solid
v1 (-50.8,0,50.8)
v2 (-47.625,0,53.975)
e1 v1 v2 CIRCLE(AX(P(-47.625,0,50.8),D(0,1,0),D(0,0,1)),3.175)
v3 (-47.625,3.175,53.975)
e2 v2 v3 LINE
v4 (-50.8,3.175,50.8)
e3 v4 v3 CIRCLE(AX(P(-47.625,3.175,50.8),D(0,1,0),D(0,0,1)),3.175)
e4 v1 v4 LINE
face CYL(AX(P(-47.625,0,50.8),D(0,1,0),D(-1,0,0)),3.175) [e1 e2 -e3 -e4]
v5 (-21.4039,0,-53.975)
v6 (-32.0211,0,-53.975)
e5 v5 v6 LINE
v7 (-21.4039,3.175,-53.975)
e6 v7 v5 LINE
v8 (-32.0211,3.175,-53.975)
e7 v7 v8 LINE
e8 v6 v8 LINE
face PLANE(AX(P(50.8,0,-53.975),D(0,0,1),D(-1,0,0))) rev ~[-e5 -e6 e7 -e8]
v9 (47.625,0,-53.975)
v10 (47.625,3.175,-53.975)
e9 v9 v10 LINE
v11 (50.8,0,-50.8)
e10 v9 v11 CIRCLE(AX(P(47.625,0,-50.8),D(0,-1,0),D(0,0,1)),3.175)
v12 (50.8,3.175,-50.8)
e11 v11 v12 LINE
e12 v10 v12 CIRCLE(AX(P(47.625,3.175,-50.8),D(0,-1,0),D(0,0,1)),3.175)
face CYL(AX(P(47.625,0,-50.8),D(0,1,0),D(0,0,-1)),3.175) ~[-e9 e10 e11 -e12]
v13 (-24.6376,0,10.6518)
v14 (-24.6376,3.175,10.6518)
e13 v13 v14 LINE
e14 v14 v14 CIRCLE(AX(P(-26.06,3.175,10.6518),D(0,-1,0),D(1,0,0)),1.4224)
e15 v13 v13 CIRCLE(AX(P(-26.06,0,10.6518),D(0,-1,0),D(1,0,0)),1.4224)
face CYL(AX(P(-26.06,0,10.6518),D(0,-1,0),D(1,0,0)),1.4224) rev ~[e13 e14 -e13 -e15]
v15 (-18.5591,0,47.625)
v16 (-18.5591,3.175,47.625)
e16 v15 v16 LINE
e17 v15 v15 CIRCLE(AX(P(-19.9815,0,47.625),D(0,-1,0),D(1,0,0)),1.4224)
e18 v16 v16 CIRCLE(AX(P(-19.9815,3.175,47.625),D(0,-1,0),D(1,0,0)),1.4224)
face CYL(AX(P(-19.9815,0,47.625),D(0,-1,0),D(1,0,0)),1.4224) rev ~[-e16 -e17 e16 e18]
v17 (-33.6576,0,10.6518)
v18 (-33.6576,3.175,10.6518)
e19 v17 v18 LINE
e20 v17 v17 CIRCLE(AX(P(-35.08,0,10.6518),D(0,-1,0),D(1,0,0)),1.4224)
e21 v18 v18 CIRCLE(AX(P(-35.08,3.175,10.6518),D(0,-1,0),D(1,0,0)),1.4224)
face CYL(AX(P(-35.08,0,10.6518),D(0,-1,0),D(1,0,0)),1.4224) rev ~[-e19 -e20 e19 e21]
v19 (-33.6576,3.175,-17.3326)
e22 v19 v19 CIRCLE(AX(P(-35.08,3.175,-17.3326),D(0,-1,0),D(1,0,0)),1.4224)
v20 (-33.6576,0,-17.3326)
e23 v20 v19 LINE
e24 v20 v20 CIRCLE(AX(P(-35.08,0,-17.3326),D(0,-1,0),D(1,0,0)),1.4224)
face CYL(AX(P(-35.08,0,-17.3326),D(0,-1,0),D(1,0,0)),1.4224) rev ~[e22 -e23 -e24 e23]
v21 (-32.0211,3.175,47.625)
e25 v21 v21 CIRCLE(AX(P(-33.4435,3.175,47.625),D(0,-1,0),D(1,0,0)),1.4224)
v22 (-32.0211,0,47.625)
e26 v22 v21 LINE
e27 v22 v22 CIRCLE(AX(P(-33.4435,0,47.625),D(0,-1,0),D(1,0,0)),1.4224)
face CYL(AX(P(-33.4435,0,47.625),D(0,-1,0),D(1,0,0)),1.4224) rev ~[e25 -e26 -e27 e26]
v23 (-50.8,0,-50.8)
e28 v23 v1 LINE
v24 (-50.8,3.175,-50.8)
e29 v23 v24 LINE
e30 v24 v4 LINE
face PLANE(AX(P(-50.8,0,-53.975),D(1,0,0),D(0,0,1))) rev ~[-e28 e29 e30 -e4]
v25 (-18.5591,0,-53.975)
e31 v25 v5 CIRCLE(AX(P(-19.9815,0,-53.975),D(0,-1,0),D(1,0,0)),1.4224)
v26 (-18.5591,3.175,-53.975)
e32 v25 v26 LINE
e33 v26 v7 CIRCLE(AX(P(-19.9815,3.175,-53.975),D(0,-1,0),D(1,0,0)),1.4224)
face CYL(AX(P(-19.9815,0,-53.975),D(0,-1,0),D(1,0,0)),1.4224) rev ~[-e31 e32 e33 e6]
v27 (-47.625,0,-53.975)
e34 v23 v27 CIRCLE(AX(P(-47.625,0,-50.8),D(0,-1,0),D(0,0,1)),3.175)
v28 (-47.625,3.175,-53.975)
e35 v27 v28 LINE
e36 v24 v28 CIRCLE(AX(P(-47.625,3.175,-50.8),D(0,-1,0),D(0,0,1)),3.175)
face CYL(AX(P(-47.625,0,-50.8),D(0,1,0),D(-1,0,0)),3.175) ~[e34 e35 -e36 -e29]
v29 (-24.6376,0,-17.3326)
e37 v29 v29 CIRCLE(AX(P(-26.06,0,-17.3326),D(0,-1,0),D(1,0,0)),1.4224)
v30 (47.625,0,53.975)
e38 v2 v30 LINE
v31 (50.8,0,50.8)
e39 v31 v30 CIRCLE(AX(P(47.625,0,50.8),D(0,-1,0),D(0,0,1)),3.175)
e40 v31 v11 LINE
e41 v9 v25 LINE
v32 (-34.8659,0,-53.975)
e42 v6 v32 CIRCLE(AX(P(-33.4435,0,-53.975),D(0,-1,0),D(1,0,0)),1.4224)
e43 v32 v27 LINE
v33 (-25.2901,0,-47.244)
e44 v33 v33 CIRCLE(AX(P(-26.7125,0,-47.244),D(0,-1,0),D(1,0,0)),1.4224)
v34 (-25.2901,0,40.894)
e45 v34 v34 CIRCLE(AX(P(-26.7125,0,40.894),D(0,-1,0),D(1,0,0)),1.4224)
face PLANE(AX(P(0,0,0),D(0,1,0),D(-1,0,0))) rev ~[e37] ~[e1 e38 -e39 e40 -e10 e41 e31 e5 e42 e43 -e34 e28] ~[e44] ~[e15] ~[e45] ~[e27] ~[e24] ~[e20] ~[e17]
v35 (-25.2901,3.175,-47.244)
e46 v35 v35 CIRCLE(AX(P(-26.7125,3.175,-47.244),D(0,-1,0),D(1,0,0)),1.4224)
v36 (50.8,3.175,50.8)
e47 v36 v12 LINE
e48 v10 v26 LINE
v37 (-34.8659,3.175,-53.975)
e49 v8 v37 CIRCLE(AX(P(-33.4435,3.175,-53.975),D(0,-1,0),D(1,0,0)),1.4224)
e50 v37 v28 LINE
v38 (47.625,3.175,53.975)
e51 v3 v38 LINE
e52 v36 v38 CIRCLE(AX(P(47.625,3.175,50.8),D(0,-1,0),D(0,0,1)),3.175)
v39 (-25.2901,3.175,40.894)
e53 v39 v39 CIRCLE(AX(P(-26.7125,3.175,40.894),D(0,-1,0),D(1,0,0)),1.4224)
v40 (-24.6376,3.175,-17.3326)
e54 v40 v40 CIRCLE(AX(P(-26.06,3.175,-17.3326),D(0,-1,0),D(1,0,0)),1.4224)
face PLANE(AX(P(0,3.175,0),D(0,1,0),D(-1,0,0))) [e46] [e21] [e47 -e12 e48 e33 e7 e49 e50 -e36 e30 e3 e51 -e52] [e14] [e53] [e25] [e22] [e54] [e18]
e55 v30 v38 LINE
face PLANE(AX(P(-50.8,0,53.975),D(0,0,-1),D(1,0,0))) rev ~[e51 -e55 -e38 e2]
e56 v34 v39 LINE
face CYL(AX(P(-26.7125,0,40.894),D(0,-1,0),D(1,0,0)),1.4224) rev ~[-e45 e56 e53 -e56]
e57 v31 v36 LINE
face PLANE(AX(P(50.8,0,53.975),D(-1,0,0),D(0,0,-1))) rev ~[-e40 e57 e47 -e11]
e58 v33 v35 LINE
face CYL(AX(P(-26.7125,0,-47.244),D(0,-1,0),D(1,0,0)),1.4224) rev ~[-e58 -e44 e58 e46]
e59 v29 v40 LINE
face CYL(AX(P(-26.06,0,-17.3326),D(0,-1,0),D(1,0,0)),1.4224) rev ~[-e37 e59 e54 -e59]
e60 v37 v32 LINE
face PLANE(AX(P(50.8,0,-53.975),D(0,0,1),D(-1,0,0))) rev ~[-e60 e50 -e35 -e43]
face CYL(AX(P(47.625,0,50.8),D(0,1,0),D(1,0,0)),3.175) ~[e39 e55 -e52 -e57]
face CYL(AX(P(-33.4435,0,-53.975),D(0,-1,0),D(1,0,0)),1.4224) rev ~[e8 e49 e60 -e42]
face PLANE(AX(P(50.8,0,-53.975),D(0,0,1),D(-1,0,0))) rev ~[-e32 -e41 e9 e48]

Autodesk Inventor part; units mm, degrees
ref_plane "YZ Plane" through (0, 0, 0) normal (1, 0, 0) x (0, 1, 0)
ref_plane "XZ Plane" through (0, 0, 0) normal (0, 1, 0) x (-1, 0, 0)
ref_plane "XY Plane" through (0, 0, 0) normal (0, 0, 1) x (1, 0, 0)
sketch "Sketch1" plane through (0, 0, 0) normal (0, 1, 0) x (-1, 0, 0)
  line L0 (50.8, 53.975) -> (-50.8, 53.975)
  line L1 (-50.8, 53.975) -> (-50.8, -53.975)
  line L2 (-50.8, -53.975) -> (50.8, -53.975)
  line L3 (50.8, -53.975) -> (50.8, 53.975)
  point P0 (0, 0)
  dimension "d0" = 107.95
  dimension "d1" = 101.6
  dimension "d2" = 50.8
  dimension "d3" = 53.975
extrude "Extrusion1" add sketch "Sketch1" along normal blind 3.175
sketch "Sketch4" plane through (0, 3.175, 0) normal (0, 1, 0) x (1, 0, 0)
  circle A0 centre (44.45, 47.625) radius 3.175
  circle A1 centre (44.45, -47.625) radius 3.175
  circle A2 centre (-41.91, -29.845) radius 3.175
  line L0 (50.8, 53.975) -> (-50.8, 53.975) projected
  line L1 (50.8, -53.975) -> (50.8, 53.975) projected
  line L2 (-50.8, -53.975) -> (50.8, -53.975) projected
  line L3 (-50.8, 53.975) -> (-50.8, -53.975) projected
  circle A3 centre (-41.91, 29.845) radius 3.175
  point P0 (0, 0)
  dimension "d20" = 6.35
  dimension "d21" = 6.35
  dimension "d22" = 6.35
  dimension "d23" = 6.35
  dimension "d24" = 6.35
  dimension "d25" = 6.35
  dimension "d26" = 6.35
  dimension "d27" = 24.13
  dimension "d28" = 8.89
  dimension "d32" = 6.35
  dimension "d33" = 24.13
  dimension "d34" = 8.89
extrude "Extrusion6" [suppressed]
fillet "Fillet1" radius 3.175 4 edges at (-50.8, 1.5875, 53.975) (50.8, 1.5875, 53.975) (50.8, 1.5875, -53.975) (-50.8, 1.5875, -53.975)
sketch "Sketch6" plane through (0, 0, 0) normal (0, -1, 0) x (1, 0, 0)
  circle A0 centre (-33.4435, 47.625) radius 1.4224 projected
  circle A1 centre (-26.7125, 40.894) radius 1.4224 projected
  line L0 (-26.7125, -40.3479) -> (-12.425, -40.3479)
  circle A2 centre (-19.9815, 47.625) radius 1.4224 projected
  circle A3 centre (-35.08, 10.6518) radius 1.4224 projected
  circle A4 centre (-26.06, 10.6518) radius 1.4224 projected
  circle A5 centre (-35.08, -17.3326) radius 1.4224 projected
  circle A6 centre (-26.06, -17.3326) radius 1.4224 projected
  circle A7 centre (-33.4435, -53.975) radius 1.4224 projected
  circle A8 centre (-26.7125, -47.244) radius 1.4224 projected
  circle A9 centre (-19.9815, -53.975) radius 1.4224 projected
  point P0 (0, 0)
extrude "Extrusion7" cut sketch "Sketch6" against normal through all
equation "\"d2\" = 0.5 * d1"
equation "\"d3\" = 0.5 * d0"
equation "\"d21\" = d20"
equation "\"d22\" = d20"
equation "\"d24\" = d23"
equation "\"d25\" = d24"
equation "\"d26\" = d23"
equation "\"d32\" = d20"
equation "\"d33\" = d27"
equation "\"d34\" = d28"
properties part number "Base plate" material "Aluminum 6061"
